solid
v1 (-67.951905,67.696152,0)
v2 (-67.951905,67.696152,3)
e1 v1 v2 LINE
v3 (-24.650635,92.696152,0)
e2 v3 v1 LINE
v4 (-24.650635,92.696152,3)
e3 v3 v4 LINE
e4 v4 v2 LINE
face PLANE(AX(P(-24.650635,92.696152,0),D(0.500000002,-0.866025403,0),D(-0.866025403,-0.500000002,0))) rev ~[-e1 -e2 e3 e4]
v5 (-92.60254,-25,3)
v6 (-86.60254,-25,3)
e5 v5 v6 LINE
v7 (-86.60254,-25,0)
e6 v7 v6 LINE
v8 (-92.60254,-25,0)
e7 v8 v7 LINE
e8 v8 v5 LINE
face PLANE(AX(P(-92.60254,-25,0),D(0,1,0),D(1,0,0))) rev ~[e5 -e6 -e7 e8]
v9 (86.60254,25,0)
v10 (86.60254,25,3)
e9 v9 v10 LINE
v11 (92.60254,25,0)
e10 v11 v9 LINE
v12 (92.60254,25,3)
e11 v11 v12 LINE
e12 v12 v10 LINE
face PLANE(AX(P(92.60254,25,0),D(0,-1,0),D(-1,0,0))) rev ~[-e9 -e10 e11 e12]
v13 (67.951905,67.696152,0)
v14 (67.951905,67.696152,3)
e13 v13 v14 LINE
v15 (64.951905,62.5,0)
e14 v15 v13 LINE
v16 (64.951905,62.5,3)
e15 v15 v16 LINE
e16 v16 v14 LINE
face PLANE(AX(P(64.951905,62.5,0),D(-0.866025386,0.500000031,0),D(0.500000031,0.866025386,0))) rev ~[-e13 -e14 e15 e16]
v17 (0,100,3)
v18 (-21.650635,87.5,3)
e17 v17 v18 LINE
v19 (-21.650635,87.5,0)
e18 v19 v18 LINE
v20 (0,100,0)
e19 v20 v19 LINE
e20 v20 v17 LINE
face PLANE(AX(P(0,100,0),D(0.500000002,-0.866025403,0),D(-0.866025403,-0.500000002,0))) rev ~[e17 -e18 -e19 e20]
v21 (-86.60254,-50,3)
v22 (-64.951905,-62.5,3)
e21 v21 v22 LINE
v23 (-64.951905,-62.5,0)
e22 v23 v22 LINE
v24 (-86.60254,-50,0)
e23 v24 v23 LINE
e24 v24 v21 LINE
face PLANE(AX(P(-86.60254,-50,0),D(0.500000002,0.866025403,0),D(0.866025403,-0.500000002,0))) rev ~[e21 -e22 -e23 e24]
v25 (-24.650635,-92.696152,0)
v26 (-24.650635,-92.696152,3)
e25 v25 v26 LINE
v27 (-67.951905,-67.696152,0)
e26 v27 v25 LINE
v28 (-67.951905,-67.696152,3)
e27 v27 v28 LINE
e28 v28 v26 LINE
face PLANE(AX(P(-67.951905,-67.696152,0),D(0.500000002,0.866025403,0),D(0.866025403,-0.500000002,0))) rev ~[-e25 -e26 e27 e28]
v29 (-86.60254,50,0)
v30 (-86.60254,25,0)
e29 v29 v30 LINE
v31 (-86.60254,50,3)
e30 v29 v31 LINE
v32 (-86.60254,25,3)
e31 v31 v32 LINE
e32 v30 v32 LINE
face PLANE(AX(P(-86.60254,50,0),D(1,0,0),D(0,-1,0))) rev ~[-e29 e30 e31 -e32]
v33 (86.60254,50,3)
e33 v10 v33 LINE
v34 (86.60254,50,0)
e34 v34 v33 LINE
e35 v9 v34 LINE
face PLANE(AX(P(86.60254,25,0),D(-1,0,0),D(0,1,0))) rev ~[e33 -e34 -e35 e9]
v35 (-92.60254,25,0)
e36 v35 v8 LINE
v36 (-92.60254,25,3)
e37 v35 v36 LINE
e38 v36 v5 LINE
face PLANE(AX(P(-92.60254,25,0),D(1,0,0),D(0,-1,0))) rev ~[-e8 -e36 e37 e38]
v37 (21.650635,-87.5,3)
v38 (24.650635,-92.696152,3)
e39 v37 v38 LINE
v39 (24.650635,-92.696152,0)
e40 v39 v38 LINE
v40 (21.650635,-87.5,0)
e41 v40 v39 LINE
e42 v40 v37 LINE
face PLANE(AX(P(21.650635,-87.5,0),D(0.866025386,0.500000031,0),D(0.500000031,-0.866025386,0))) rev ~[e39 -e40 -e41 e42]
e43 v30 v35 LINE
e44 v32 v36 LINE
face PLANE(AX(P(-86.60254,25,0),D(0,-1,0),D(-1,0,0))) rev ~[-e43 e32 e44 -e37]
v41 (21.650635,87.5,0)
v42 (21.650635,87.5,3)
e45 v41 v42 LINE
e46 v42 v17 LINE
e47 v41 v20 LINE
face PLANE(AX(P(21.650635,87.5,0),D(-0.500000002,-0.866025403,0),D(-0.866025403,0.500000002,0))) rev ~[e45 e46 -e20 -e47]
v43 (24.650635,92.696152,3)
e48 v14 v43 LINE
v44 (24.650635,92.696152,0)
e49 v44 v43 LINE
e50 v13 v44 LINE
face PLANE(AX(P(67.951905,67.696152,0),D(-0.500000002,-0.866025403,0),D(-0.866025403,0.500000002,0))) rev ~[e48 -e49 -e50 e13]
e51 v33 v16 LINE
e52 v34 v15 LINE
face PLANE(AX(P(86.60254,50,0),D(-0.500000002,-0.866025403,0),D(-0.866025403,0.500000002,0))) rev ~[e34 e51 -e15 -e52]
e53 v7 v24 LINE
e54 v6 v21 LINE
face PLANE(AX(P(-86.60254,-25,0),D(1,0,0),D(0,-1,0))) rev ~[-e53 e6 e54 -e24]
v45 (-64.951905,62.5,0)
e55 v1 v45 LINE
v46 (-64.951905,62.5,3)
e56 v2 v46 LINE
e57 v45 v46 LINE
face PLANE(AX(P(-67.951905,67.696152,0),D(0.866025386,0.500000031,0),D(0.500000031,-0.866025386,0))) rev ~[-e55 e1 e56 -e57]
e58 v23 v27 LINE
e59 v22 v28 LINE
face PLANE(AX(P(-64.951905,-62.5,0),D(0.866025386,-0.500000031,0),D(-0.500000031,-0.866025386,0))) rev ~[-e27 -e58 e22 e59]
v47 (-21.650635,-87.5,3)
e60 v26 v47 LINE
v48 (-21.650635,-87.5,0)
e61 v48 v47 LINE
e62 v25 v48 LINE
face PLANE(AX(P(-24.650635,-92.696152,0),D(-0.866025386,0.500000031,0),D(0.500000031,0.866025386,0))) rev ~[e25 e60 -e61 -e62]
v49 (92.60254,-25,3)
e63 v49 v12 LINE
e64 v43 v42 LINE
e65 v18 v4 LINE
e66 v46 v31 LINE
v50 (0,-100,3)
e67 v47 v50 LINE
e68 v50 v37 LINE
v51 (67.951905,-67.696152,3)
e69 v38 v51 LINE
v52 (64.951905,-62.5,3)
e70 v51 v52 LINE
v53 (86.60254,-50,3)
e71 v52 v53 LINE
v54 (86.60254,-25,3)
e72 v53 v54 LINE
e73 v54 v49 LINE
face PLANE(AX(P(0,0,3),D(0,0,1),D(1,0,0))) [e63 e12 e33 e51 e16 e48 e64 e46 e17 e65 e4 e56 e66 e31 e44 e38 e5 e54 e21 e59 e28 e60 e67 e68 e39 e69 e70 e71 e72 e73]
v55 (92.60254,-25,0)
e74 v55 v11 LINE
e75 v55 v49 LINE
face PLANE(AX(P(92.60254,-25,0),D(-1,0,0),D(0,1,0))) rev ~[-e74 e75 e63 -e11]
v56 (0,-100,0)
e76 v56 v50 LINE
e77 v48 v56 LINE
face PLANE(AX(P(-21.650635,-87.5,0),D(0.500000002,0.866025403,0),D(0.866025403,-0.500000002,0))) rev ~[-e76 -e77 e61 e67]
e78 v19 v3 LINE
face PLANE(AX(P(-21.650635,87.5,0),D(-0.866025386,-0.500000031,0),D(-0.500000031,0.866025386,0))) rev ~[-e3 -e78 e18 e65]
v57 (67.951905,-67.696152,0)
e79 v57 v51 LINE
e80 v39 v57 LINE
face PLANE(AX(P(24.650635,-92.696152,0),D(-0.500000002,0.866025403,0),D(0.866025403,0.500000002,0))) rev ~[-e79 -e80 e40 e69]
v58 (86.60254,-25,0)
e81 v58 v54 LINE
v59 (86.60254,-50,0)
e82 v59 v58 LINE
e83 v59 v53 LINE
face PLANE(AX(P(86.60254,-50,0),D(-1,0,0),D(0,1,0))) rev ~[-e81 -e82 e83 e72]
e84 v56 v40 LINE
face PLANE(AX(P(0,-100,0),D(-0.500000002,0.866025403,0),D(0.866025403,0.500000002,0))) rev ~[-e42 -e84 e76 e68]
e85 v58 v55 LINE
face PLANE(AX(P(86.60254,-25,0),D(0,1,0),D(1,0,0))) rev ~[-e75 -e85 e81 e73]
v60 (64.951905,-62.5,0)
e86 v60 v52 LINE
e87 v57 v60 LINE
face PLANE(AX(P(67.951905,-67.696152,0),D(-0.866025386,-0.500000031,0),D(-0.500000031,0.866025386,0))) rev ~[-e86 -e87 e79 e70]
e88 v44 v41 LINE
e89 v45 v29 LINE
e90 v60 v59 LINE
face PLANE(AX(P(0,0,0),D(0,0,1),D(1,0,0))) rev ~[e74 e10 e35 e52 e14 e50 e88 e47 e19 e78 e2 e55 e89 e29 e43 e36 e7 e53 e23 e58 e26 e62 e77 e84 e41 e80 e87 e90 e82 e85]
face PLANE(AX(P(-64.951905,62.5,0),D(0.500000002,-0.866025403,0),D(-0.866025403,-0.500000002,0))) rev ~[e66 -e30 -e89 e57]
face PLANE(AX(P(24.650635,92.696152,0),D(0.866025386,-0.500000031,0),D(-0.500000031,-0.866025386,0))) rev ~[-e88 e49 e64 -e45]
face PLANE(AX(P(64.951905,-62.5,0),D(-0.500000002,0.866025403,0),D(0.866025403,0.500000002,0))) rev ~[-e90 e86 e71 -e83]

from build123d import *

# Parameters (mm, degrees)
F1_DEPTH = 3


with BuildPart() as f1:
    # F0 (on Top) → F1 (new body)
    with BuildSketch(Plane.XY):
        Polygon((-21.650635, -87.5), (0, -100), (21.650635, -87.5), (24.650635, -92.696152), (67.951905, -67.696152), (64.951905, -62.5), (86.60254, -50), (86.60254, -25), (92.60254, -25), (92.60254, 25), (86.60254, 25), (86.60254, 50), (64.951905, 62.5), (67.951905, 67.696152), (24.650635, 92.696152), (21.650635, 87.5), (0, 100), (-21.650635, 87.5), (-24.650635, 92.696152), (-67.951905, 67.696152), (-64.951905, 62.5), (-86.60254, 50), (-86.60254, 25), (-92.60254, 25), (-92.60254, -25), (-86.60254, -25), (-86.60254, -50), (-64.951905, -62.5), (-67.951905, -67.696152), (-24.650635, -92.696152), align=None)
    extrude(amount=F1_DEPTH)


solid = f1.part
